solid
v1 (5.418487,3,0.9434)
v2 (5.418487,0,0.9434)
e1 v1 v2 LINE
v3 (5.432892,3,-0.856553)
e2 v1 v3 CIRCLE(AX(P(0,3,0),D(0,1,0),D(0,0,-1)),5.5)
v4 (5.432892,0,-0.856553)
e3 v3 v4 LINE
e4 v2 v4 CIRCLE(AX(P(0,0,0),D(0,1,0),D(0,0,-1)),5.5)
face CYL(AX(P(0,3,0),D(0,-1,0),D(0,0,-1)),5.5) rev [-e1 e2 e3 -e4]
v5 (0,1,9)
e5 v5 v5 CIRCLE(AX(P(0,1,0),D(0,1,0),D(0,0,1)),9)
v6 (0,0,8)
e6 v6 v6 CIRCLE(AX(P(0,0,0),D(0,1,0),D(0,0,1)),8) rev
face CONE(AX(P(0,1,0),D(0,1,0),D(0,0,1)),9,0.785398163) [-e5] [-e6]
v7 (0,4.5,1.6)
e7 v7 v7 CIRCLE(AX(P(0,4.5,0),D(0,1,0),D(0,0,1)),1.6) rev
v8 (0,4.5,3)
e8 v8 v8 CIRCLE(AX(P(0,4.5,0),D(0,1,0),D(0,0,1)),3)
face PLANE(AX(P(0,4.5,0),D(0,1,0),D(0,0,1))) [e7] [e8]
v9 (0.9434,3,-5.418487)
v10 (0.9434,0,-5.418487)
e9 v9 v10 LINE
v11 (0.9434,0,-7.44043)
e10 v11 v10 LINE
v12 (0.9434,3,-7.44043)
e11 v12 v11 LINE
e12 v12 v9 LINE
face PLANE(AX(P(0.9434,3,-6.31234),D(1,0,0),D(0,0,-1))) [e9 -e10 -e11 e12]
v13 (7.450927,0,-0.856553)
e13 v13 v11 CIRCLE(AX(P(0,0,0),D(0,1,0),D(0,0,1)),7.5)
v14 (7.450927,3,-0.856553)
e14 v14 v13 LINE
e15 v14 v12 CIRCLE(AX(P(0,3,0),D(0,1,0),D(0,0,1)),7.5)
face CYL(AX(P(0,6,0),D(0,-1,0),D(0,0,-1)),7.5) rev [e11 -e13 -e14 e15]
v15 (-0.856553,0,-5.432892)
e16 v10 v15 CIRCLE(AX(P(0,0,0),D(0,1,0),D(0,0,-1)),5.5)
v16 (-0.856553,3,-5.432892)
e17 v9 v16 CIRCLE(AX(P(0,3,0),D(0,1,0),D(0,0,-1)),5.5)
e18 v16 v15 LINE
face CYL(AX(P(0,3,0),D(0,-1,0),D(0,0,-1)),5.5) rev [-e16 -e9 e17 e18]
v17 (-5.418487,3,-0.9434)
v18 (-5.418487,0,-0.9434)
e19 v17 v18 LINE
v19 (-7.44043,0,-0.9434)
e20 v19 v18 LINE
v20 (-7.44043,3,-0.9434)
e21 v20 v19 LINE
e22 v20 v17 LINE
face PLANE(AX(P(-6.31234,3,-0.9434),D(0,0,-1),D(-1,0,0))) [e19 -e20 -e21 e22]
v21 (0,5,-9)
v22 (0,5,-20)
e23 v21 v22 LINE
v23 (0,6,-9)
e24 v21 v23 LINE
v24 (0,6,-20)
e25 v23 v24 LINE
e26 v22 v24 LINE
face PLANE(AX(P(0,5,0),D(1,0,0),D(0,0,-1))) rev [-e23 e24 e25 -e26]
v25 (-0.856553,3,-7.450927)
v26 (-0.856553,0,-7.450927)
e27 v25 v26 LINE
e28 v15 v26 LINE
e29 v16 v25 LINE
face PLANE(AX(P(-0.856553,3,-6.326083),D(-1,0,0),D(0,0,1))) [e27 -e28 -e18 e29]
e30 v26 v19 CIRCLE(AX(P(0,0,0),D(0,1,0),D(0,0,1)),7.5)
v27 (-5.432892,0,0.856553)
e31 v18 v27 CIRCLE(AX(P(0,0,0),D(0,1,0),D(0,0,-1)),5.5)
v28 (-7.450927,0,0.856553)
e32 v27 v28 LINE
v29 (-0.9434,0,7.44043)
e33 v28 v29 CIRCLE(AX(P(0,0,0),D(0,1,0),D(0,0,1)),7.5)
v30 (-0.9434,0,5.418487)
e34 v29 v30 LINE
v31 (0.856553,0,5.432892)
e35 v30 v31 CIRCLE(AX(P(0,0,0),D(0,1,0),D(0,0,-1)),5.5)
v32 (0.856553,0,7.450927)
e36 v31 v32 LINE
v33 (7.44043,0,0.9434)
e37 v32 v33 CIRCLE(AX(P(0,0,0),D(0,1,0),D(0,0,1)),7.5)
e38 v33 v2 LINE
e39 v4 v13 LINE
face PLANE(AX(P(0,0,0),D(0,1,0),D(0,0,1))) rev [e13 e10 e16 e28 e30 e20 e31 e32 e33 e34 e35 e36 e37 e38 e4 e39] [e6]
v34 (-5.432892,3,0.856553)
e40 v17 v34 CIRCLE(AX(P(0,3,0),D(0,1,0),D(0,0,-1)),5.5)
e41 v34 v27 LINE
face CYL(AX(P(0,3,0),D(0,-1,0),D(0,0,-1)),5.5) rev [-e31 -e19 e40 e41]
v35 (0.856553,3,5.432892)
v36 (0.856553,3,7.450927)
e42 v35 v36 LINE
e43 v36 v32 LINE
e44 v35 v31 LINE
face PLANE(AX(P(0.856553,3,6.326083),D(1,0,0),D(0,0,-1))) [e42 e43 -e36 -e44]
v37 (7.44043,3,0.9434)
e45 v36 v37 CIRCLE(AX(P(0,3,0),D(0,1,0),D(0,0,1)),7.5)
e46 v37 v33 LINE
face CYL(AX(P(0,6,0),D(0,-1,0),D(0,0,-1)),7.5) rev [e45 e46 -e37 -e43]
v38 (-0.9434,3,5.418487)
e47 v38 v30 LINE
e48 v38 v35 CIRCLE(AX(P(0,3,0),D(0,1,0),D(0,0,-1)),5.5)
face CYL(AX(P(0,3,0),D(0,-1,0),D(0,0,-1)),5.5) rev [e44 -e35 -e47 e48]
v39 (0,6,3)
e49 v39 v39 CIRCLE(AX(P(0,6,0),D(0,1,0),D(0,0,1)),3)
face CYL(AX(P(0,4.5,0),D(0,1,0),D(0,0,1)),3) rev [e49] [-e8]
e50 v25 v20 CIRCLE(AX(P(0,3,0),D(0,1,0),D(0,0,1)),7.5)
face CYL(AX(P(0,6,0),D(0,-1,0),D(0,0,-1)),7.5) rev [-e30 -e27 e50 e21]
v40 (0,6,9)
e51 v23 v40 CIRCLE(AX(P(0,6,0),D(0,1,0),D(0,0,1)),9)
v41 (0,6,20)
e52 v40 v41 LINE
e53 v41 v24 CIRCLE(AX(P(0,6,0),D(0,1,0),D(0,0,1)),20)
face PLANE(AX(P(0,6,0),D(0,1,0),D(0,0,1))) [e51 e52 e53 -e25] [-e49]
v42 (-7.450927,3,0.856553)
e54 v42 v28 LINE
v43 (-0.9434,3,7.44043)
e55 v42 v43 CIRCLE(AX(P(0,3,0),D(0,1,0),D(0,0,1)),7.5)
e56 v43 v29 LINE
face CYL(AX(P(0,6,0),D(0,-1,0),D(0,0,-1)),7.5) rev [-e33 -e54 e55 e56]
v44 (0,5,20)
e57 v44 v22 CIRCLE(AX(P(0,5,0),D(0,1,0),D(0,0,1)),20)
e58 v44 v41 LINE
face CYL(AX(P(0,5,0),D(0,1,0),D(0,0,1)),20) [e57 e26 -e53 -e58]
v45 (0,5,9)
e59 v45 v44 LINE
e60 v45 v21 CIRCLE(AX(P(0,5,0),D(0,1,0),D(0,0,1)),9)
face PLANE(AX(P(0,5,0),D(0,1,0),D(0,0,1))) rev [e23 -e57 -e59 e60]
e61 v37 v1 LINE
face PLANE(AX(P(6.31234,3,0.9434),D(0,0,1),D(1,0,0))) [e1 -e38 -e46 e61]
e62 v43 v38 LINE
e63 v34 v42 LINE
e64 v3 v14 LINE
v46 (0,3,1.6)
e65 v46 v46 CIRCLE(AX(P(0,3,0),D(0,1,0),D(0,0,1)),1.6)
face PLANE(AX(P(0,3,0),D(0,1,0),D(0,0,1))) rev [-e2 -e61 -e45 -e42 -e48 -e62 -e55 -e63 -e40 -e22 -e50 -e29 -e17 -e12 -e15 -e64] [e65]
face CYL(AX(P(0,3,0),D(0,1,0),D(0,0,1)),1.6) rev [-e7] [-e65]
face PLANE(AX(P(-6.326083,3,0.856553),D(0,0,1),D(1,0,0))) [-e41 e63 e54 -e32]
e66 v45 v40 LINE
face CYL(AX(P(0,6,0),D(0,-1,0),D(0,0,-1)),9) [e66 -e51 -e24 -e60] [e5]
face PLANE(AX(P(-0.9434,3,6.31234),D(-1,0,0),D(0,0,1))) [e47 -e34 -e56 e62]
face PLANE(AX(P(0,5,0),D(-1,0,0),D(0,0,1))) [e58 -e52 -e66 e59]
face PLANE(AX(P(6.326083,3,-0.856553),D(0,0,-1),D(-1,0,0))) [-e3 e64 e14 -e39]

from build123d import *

# Parameters (mm, degrees)
SKETCH_1_R          = 9
SKETCH_1_R_2        = 7.5
EXTRUDE_1_DEPTH     = 6
EXTRUDE_START       = -1
EXTRUDE_2_DEPTH     = 1
EXTRUDE_3_DEPTH     = 3
EXTRUDE_START_2     = -3
SKETCH_5_R          = 7.5
EXTRUDE_4_DEPTH     = 3
SKETCH_6_R          = 1.6
CUT_EXTRUDE_1_DEPTH = 3
SKETCH_7_R          = 3
CUT_EXTRUDE_2_DEPTH = 1.5
CHAMFER_1_SIZE      = 1


with BuildPart() as part:
    # 草图1 → 凸台-拉伸1 (new body)
    with BuildSketch(Plane(origin=(0, 0, 0), x_dir=(1, 0, 0), z_dir=(0, 1, 0))):
        with Locations(Location((0, 0, 0), (0, 0, 270))):
            Circle(SKETCH_1_R)
        with Locations(Location((0, 0, 0), (0, 0, 270))):
            Circle(SKETCH_1_R_2, mode=Mode.SUBTRACT)
    extrude(amount=EXTRUDE_1_DEPTH)

    # 草图2 → 凸台-拉伸2 (add)
    with BuildSketch(Plane(origin=(0, 6, 0), x_dir=(1, 0, 0), z_dir=(0, 1, 0)).offset(EXTRUDE_START)):
        with BuildLine():
            Line((0, 20), (0, 9))
            ThreePointArc((0, 9), (6.363961031, 6.363961031), (9, 0))
            ThreePointArc((9, 0), (6.363961031, -6.363961031), (0, -9))
            Line((0, -9), (0, -20))
            ThreePointArc((0, -20), (14.142135624, -14.142135624), (20, 0))
            ThreePointArc((20, 0), (14.142135624, 14.142135624), (0, 20))
        make_face()
    extrude(amount=EXTRUDE_2_DEPTH)

    # 草图4 → 凸台-拉伸3 (add)
    with BuildSketch(Plane.XZ):
        with BuildLine():
            Line((0.856553191, 6.326082651), (0.856553191, 7.450927233))
            ThreePointArc((0.856553191, 7.450927233), (-0.043739259, 7.499872457), (-0.943399591, 7.440429908))
            Line((-0.943399591, 7.440429908), (-0.943399591, 6.312339741))
            Line((-0.943399591, 6.312339741), (-0.943399591, 5.418486616))
            ThreePointArc((-0.943399591, 5.418486616), (-0.044016518, 5.499823865), (0.856553191, 5.432892106))
            Line((0.856553191, 5.432892106), (0.856553191, 6.326082651))
        make_face()
        with BuildLine():
            Line((6.312339741, 0.943399591), (5.418486616, 0.943399591))
            ThreePointArc((5.418486616, 0.943399591), (5.499823865, 0.044016518), (5.432892106, -0.856553191))
            Line((5.432892106, -0.856553191), (6.326082651, -0.856553191))
            Line((6.326082651, -0.856553191), (7.450927233, -0.856553191))
            ThreePointArc((7.450927233, -0.856553191), (7.499872457, 0.043739259), (7.440429908, 0.943399591))
            Line((7.440429908, 0.943399591), (6.312339741, 0.943399591))
        make_face()
        with BuildLine():
            Line((0.943399591, -6.312339741), (0.943399591, -5.418486616))
            ThreePointArc((0.943399591, -5.418486616), (0.044016518, -5.499823865), (-0.856553191, -5.432892106))
            Line((-0.856553191, -5.432892106), (-0.856553191, -6.326082651))
            Line((-0.856553191, -6.326082651), (-0.856553191, -7.450927233))
            ThreePointArc((-0.856553191, -7.450927233), (0.043739259, -7.499872457), (0.943399591, -7.440429908))
            Line((0.943399591, -7.440429908), (0.943399591, -6.312339741))
        make_face()
        with BuildLine():
            Line((-6.312339741, -0.943399591), (-5.418486616, -0.943399591))
            ThreePointArc((-5.418486616, -0.943399591), (-5.499823865, -0.044016518), (-5.432892106, 0.856553191))
            Line((-5.432892106, 0.856553191), (-6.326082651, 0.856553191))
            Line((-6.326082651, 0.856553191), (-7.450927233, 0.856553191))
            ThreePointArc((-7.450927233, 0.856553191), (-7.499872457, -0.043739259), (-7.440429908, -0.943399591))
            Line((-7.440429908, -0.943399591), (-6.312339741, -0.943399591))
        make_face()
    extrude(amount=-EXTRUDE_3_DEPTH)

    # 草图5 → 凸台-拉伸4 (add)
    with BuildSketch(Plane(origin=(0, 6, 0), x_dir=(1, 0, 0), z_dir=(0, 1, 0)).offset(EXTRUDE_START_2)):
        Circle(SKETCH_5_R)
    extrude(amount=EXTRUDE_4_DEPTH)

    # 草图6 → 切除-拉伸1 (cut)
    with BuildSketch(Plane(origin=(0, 6, 0), x_dir=(1, 0, 0), z_dir=(0, 1, 0))):
        with Locations(Location((0, 0, 0), (0, 0, 270))):
            Circle(SKETCH_6_R)
    extrude(amount=-CUT_EXTRUDE_1_DEPTH, mode=Mode.SUBTRACT)

    # 草图7 → 切除-拉伸2 (cut)
    with BuildSketch(Plane(origin=(0, 6, 0), x_dir=(1, 0, 0), z_dir=(0, 1, 0))):
        with Locations(Location((0, 0, 0), (0, 0, 270))):
            Circle(SKETCH_7_R)
    extrude(amount=-CUT_EXTRUDE_2_DEPTH, mode=Mode.SUBTRACT)

    # 倒角1
    chamfer_1_edges = [part.edges().sort_by_distance(p)[0] for p in [
        (0, 0, -9),
    ]]
    chamfer(chamfer_1_edges, length=CHAMFER_1_SIZE)


solid = part.part
